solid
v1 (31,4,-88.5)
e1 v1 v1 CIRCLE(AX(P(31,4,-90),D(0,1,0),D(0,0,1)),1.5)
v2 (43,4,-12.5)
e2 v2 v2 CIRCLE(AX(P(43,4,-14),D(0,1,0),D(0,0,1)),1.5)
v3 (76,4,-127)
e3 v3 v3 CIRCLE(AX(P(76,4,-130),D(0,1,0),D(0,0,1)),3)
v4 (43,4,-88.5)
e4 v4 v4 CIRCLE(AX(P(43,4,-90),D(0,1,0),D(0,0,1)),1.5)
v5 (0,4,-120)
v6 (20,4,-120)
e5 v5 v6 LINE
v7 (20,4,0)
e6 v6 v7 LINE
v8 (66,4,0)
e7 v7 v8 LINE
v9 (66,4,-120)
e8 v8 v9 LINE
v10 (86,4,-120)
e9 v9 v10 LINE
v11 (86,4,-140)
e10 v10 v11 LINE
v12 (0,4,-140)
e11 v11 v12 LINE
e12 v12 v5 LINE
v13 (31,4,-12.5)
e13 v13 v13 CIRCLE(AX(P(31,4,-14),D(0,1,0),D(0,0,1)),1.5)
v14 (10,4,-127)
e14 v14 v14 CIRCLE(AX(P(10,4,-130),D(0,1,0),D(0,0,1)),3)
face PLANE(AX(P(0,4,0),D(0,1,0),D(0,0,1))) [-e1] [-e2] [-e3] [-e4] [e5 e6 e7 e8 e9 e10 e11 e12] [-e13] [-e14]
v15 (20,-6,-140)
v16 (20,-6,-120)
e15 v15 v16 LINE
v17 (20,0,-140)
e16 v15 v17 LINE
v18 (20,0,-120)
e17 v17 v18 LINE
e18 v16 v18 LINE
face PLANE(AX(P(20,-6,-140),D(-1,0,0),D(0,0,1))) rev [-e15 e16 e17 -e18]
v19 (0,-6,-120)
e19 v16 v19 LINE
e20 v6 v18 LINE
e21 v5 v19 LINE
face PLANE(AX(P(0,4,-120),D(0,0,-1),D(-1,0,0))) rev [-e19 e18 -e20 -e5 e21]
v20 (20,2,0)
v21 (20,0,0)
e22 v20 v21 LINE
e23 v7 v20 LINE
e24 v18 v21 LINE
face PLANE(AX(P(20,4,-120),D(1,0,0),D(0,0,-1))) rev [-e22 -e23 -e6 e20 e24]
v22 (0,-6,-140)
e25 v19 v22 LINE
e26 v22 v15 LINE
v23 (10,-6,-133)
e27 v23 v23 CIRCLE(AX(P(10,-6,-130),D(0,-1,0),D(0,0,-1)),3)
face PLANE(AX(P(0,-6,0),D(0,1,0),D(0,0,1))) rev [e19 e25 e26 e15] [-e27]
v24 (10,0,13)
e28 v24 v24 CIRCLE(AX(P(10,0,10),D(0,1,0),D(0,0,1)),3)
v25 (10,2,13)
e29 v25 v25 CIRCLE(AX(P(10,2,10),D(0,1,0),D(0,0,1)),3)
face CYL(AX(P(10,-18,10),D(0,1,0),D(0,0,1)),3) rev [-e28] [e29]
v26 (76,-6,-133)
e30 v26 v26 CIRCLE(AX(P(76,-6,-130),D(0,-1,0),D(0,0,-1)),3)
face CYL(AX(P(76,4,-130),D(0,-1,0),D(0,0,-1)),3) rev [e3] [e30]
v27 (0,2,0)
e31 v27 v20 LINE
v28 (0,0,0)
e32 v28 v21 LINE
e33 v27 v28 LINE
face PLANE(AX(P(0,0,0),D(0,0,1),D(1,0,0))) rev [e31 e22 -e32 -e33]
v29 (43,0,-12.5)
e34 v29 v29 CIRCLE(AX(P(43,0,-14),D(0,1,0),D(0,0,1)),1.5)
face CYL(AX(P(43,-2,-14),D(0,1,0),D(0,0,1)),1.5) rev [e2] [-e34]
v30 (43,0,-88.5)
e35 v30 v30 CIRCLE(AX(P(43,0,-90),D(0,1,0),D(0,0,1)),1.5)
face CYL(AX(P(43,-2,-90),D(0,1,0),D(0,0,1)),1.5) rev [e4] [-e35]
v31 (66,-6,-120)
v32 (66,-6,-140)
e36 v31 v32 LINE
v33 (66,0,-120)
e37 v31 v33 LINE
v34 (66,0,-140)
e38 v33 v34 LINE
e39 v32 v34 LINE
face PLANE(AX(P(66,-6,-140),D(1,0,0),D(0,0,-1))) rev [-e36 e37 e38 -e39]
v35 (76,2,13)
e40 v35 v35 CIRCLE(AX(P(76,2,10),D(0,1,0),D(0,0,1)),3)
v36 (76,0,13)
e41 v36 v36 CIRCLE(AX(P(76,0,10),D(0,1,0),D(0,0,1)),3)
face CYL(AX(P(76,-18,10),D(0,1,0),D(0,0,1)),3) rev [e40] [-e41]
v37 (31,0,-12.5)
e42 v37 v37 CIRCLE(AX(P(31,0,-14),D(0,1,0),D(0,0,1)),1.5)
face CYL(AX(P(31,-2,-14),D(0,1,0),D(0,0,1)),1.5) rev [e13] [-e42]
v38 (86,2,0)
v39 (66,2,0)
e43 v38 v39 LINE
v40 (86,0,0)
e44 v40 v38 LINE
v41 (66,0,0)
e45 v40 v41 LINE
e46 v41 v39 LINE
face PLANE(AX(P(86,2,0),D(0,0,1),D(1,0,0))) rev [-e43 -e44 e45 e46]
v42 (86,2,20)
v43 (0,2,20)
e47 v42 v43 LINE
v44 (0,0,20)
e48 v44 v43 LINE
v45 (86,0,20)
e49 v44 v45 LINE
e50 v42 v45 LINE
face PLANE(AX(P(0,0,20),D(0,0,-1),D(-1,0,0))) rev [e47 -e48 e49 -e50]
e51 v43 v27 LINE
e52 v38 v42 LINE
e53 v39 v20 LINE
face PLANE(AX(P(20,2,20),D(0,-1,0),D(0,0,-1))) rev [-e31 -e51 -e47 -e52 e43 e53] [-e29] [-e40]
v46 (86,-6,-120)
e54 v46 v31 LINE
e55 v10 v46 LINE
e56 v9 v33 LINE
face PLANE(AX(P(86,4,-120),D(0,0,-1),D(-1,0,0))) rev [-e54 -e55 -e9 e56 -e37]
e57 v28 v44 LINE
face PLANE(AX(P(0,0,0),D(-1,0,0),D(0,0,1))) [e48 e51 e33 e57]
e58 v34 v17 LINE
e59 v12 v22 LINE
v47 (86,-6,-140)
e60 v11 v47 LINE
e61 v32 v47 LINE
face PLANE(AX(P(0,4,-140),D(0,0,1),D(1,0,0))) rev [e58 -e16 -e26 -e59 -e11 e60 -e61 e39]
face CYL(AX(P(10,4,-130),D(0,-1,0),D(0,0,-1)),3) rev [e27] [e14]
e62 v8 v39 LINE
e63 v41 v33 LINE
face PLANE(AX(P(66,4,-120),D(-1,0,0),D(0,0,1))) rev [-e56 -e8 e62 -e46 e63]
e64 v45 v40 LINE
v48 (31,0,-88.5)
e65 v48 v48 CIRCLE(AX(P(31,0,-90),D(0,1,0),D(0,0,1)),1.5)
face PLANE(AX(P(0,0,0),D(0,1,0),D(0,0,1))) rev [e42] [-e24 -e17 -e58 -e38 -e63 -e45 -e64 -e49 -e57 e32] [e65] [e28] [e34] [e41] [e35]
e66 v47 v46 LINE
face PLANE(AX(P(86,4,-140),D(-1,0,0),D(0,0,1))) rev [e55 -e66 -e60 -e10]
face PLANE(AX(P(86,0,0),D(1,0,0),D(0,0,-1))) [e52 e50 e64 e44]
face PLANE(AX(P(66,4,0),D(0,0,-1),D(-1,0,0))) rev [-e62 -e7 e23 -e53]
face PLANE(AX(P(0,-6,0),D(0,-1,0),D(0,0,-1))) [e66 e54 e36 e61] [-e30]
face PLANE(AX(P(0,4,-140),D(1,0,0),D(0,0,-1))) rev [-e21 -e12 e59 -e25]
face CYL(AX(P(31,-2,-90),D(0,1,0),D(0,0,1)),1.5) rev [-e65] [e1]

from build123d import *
from build123d.topology import SkipClean

# Parameters (mm, degrees)
SKETCH1_R           = 3
BOSS_EXTRUDE1_DEPTH = 4
BOSS_EXTRUDE3_START = 6
SKETCH8_W           = 20
SKETCH8_H           = 20
SKETCH8_R           = 3
BOSS_EXTRUDE3_DEPTH = 6
SKETCH9_R           = 1.5
CUT_EXTRUDE5_DEPTH  = 6
SKETCH10_W          = 46
SKETCH10_H          = 2
BOSS_EXTRUDE4_DEPTH = 20
SKETCH13_W          = 20
SKETCH13_H          = 2
BOSS_EXTRUDE5_DEPTH = 20
SKETCH14_W          = 20
SKETCH14_H          = 2
BOSS_EXTRUDE7_DEPTH = 20
SKETCH15_R          = 3
CUT_EXTRUDE7_DEPTH  = 20


with BuildPart() as part:
    # Sketch1 → Boss-Extrude1 (new body)
    with BuildSketch(Plane(origin=(0, 0, 0), x_dir=(1, 0, 0), z_dir=(0, 1, 0))):
        Polygon((0, 140), (86, 140), (86, 120), (66, 120), (66, 0), (20, 0), (20, 120), (0, 120), align=None)
        with Locations(Location((10, 130, 0), (0, 0, 270))):
            Circle(SKETCH1_R, mode=Mode.SUBTRACT)
        with Locations(Location((76, 130, 0), (0, 0, 270))):
            Circle(SKETCH1_R, mode=Mode.SUBTRACT)
    extrude(amount=BOSS_EXTRUDE1_DEPTH)

    # Sketch8 → Boss-Extrude3 (add)
    # profile 1 of 2: a face of its own
    with SkipClean():  # the faces are left unmerged after this step: merging them gives an invalid solid
        with BuildSketch(Plane.XZ.offset(BOSS_EXTRUDE3_START)):
            with Locations((10, -130)):
                Rectangle(SKETCH8_W, SKETCH8_H)
            with Locations(Location((10, -130, 0), (0, 0, 270))):
                Circle(SKETCH8_R, mode=Mode.SUBTRACT)
        # profile 2 of 2: a face of its own
        with BuildSketch(Plane.XZ.offset(BOSS_EXTRUDE3_START)):
            with Locations((76, -130)):
                Rectangle(SKETCH8_W, SKETCH8_H)
            with Locations(Location((76, -130, 0), (0, 0, 270))):
                Circle(SKETCH8_R, mode=Mode.SUBTRACT)
        extrude(amount=-BOSS_EXTRUDE3_DEPTH)

    # Sketch9 → Cut-Extrude5 (cut)
    with SkipClean():  # the faces are left unmerged after this step: merging them gives an invalid solid
        with BuildSketch(Plane(origin=(0, 4, 0), x_dir=(1, 0, 0), z_dir=(0, 1, 0))):
            with Locations(Location((31, 90, 0), (0, 0, 270))):
                Circle(SKETCH9_R)
            with Locations(Location((43, 90, 0), (0, 0, 270))):
                Circle(SKETCH9_R)
            with Locations(Location((31, 14, 0), (0, 0, 270))):
                Circle(SKETCH9_R)
            with Locations(Location((43, 14, 0), (0, 0, 270))):
                Circle(SKETCH9_R)
        extrude(amount=-CUT_EXTRUDE5_DEPTH, mode=Mode.SUBTRACT)

    # Sketch10 → Boss-Extrude4 (add)
    with SkipClean():  # the faces are left unmerged after this step: merging them gives an invalid solid
        with BuildSketch(Plane.XY):
            with Locations((43, 1)):
                Rectangle(SKETCH10_W, SKETCH10_H)
        extrude(amount=BOSS_EXTRUDE4_DEPTH)

    # Sketch13 → Boss-Extrude5 (add)
    with SkipClean():  # the faces are left unmerged after this step: merging them gives an invalid solid
        with BuildSketch(Plane(origin=(66, 0, 0), x_dir=(0, 0, -1), z_dir=(1, 0, 0))):
            with Locations((-10, 1)):
                Rectangle(SKETCH13_W, SKETCH13_H)
        extrude(amount=BOSS_EXTRUDE5_DEPTH)

    # Sketch14 → Boss-Extrude7 (add)
    with SkipClean():  # the faces are left unmerged after this step: merging them gives an invalid solid
        with BuildSketch(Plane.ZY.offset(-20)):
            with Locations((10, 1)):
                Rectangle(SKETCH14_W, SKETCH14_H)
        extrude(amount=BOSS_EXTRUDE7_DEPTH)

    # Sketch15 → Cut-Extrude7 (cut)
    with SkipClean():  # the faces are left unmerged after this step: merging them gives an invalid solid
        with BuildSketch(Plane(origin=(0, 2, 0), x_dir=(1, 0, 0), z_dir=(0, 1, 0))):
            with Locations(Location((10, -10, 0), (0, 0, 270))):
                Circle(SKETCH15_R)
            with Locations(Location((76, -10, 0), (0, 0, 270))):
                Circle(SKETCH15_R)
        extrude(amount=-CUT_EXTRUDE7_DEPTH, mode=Mode.SUBTRACT)


solid = part.part
